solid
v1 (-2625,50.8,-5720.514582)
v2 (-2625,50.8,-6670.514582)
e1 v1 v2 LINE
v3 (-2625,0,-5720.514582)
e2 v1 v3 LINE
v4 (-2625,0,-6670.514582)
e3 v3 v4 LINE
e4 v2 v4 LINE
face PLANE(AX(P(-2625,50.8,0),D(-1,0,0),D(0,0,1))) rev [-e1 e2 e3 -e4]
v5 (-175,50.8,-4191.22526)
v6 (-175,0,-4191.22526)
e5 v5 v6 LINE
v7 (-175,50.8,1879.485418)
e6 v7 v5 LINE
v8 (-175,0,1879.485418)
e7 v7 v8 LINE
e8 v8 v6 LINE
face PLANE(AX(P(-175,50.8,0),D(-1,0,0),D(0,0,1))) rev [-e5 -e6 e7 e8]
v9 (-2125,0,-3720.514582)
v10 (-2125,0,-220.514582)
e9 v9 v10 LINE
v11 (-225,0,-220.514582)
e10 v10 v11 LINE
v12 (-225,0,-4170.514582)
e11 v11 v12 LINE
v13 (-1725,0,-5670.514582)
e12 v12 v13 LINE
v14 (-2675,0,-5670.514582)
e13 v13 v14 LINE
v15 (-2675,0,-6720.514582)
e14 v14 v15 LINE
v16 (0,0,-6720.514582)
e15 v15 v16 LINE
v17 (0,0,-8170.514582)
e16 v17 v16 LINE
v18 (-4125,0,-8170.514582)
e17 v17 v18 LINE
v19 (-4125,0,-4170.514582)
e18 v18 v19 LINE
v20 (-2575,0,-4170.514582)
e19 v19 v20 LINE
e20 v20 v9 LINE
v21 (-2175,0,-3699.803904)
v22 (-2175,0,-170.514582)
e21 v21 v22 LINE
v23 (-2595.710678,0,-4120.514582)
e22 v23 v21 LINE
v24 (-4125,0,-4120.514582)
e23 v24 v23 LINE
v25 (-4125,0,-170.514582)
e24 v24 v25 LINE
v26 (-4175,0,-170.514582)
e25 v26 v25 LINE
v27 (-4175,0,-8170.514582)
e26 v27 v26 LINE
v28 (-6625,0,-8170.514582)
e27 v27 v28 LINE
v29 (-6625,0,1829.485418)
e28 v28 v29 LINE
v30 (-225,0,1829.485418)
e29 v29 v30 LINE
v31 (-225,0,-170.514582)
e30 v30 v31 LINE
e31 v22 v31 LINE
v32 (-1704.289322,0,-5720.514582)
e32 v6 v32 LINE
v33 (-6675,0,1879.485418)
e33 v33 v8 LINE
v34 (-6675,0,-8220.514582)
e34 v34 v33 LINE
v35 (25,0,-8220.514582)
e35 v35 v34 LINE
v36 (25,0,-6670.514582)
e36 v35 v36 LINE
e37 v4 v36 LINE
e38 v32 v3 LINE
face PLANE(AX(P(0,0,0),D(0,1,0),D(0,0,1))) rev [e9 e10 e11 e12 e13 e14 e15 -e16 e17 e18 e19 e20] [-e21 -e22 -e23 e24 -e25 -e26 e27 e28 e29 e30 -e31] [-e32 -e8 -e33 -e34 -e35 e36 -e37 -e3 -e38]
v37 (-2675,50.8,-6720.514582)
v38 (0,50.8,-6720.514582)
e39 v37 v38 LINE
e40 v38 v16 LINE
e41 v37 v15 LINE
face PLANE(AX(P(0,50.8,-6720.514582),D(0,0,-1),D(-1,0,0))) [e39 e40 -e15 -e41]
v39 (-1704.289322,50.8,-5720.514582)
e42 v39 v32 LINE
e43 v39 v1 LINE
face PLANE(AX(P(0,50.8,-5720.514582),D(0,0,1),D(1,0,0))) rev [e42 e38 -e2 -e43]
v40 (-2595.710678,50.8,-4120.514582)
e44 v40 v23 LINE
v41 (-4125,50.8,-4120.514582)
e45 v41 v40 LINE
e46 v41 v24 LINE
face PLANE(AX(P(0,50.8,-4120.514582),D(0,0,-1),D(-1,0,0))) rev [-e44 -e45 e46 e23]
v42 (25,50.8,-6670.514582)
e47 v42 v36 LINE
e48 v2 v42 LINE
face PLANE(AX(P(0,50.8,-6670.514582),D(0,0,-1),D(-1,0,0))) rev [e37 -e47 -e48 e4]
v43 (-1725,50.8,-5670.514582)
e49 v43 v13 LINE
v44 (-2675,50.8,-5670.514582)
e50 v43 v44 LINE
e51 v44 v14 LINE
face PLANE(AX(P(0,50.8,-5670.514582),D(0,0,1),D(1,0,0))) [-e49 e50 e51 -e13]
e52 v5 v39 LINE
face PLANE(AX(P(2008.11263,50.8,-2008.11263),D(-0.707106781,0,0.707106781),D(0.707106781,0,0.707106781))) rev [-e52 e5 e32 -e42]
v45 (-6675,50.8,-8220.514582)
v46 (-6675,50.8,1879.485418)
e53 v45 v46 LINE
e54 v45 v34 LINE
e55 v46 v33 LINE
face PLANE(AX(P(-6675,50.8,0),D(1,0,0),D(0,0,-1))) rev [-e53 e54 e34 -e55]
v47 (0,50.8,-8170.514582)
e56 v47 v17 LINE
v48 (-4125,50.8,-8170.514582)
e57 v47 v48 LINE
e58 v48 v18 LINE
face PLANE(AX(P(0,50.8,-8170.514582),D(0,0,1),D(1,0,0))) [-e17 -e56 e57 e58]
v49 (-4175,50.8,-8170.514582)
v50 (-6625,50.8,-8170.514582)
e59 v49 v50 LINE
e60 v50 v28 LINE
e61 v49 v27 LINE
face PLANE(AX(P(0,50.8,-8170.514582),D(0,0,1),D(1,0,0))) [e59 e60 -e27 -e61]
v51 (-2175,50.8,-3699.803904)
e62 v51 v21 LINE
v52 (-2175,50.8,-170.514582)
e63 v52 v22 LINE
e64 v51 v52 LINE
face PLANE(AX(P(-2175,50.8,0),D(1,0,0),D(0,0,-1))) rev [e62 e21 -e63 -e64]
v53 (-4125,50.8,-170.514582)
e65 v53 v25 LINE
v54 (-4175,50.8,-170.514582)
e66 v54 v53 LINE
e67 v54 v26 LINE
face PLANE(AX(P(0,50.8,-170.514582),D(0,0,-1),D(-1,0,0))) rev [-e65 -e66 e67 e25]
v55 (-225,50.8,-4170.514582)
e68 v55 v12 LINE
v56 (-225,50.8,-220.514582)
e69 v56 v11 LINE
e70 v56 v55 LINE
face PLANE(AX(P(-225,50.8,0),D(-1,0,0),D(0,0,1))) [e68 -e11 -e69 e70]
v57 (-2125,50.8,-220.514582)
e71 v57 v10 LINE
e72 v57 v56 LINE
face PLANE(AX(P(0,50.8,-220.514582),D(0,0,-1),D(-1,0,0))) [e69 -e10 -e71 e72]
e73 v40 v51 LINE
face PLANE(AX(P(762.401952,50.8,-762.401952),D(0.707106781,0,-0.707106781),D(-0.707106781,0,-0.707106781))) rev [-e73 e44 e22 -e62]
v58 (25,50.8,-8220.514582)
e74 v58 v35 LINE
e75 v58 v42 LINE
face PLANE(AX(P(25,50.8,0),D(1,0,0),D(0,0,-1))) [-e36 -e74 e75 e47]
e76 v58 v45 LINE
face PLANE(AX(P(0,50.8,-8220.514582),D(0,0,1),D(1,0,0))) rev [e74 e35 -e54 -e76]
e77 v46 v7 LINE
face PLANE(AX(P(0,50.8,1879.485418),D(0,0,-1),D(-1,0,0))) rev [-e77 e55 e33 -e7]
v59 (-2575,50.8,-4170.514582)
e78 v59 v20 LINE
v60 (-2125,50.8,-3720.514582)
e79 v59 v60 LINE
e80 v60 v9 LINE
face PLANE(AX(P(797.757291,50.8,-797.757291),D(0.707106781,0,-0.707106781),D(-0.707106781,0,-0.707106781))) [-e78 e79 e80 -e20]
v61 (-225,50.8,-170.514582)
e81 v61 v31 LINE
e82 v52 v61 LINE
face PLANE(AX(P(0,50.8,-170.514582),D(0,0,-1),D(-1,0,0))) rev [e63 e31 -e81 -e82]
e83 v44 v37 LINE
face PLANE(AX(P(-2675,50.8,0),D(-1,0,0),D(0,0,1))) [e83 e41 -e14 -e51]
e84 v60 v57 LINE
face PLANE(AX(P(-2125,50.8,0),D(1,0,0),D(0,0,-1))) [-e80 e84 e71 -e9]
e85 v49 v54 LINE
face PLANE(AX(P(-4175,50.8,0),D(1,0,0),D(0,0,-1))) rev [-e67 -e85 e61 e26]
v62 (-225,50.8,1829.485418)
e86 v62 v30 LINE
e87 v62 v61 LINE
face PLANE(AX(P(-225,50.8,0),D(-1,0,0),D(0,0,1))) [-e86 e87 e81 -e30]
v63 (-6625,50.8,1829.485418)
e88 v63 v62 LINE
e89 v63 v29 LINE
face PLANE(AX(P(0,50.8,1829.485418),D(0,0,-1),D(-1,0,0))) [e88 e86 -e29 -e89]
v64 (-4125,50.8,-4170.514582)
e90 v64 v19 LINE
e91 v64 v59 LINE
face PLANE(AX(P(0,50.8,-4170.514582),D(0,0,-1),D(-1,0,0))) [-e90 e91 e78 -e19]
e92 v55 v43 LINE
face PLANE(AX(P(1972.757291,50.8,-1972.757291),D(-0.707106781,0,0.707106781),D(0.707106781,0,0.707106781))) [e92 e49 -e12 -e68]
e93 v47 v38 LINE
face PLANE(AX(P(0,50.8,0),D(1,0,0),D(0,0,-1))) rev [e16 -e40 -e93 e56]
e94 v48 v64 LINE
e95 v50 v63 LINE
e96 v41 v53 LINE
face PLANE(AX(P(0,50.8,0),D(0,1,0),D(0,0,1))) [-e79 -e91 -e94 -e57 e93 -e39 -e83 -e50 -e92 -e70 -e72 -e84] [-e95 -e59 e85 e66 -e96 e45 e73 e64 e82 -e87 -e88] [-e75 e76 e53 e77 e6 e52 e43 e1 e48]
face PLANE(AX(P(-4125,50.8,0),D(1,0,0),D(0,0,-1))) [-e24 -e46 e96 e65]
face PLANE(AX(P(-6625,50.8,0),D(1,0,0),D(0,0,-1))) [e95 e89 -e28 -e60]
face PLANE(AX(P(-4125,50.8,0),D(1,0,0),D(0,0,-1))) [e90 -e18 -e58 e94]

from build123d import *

# Parameters (mm, degrees)
SKETCH1_W           = 1900
SKETCH1_H           = 50
BOSS_EXTRUDE1_DEPTH = 50.8


with BuildPart() as part:
    # Sketch1 → Boss-Extrude1 (new body)
    with BuildSketch(Plane(origin=(0, 0, 0), x_dir=(1, 0, 0), z_dir=(0, 1, 0))):
        Polygon((0, 6720.514582342), (0, 6670.514582342), (-2625, 6670.514582342), (-2625, 5720.514582342), (-1704.289321881, 5720.514582342), (-175, 4191.225260461), (-175, -1879.485417658), (-6675, -1879.485417658), (-6675, 8220.514582342), (0, 8220.514582342), (0, 8170.514582342), (-6625, 8170.514582342), (-6625, -1829.485417658), (-225, -1829.485417658), (-225, 4170.514582342), (-1725, 5670.514582342), (-2675, 5670.514582342), (-2675, 6720.514582342), align=None)
        Polygon((0, 8170.514582342), (0, 6720.514582342), (0, 6670.514582342), (25, 6670.514582342), (25, 8220.514582342), (0, 8220.514582342), align=None)
        Polygon((-4125, 4120.514582342), (-4125, 4170.514582342), (-4125, 8170.514582342), (-4175, 8170.514582342), (-4175, 170.514582342), (-4125, 170.514582342), align=None)
        Polygon((-2125, 170.514582342), (-2125, 220.514582342), (-2125, 3720.514582342), (-2575, 4170.514582342), (-4125, 4170.514582342), (-4125, 4120.514582342), (-2595.710678119, 4120.514582342), (-2175, 3699.803904224), (-2175, 170.514582342), align=None)
        with Locations((-1175, 195.514582342)):
            Rectangle(SKETCH1_W, SKETCH1_H)
    extrude(amount=BOSS_EXTRUDE1_DEPTH)


solid = part.part
